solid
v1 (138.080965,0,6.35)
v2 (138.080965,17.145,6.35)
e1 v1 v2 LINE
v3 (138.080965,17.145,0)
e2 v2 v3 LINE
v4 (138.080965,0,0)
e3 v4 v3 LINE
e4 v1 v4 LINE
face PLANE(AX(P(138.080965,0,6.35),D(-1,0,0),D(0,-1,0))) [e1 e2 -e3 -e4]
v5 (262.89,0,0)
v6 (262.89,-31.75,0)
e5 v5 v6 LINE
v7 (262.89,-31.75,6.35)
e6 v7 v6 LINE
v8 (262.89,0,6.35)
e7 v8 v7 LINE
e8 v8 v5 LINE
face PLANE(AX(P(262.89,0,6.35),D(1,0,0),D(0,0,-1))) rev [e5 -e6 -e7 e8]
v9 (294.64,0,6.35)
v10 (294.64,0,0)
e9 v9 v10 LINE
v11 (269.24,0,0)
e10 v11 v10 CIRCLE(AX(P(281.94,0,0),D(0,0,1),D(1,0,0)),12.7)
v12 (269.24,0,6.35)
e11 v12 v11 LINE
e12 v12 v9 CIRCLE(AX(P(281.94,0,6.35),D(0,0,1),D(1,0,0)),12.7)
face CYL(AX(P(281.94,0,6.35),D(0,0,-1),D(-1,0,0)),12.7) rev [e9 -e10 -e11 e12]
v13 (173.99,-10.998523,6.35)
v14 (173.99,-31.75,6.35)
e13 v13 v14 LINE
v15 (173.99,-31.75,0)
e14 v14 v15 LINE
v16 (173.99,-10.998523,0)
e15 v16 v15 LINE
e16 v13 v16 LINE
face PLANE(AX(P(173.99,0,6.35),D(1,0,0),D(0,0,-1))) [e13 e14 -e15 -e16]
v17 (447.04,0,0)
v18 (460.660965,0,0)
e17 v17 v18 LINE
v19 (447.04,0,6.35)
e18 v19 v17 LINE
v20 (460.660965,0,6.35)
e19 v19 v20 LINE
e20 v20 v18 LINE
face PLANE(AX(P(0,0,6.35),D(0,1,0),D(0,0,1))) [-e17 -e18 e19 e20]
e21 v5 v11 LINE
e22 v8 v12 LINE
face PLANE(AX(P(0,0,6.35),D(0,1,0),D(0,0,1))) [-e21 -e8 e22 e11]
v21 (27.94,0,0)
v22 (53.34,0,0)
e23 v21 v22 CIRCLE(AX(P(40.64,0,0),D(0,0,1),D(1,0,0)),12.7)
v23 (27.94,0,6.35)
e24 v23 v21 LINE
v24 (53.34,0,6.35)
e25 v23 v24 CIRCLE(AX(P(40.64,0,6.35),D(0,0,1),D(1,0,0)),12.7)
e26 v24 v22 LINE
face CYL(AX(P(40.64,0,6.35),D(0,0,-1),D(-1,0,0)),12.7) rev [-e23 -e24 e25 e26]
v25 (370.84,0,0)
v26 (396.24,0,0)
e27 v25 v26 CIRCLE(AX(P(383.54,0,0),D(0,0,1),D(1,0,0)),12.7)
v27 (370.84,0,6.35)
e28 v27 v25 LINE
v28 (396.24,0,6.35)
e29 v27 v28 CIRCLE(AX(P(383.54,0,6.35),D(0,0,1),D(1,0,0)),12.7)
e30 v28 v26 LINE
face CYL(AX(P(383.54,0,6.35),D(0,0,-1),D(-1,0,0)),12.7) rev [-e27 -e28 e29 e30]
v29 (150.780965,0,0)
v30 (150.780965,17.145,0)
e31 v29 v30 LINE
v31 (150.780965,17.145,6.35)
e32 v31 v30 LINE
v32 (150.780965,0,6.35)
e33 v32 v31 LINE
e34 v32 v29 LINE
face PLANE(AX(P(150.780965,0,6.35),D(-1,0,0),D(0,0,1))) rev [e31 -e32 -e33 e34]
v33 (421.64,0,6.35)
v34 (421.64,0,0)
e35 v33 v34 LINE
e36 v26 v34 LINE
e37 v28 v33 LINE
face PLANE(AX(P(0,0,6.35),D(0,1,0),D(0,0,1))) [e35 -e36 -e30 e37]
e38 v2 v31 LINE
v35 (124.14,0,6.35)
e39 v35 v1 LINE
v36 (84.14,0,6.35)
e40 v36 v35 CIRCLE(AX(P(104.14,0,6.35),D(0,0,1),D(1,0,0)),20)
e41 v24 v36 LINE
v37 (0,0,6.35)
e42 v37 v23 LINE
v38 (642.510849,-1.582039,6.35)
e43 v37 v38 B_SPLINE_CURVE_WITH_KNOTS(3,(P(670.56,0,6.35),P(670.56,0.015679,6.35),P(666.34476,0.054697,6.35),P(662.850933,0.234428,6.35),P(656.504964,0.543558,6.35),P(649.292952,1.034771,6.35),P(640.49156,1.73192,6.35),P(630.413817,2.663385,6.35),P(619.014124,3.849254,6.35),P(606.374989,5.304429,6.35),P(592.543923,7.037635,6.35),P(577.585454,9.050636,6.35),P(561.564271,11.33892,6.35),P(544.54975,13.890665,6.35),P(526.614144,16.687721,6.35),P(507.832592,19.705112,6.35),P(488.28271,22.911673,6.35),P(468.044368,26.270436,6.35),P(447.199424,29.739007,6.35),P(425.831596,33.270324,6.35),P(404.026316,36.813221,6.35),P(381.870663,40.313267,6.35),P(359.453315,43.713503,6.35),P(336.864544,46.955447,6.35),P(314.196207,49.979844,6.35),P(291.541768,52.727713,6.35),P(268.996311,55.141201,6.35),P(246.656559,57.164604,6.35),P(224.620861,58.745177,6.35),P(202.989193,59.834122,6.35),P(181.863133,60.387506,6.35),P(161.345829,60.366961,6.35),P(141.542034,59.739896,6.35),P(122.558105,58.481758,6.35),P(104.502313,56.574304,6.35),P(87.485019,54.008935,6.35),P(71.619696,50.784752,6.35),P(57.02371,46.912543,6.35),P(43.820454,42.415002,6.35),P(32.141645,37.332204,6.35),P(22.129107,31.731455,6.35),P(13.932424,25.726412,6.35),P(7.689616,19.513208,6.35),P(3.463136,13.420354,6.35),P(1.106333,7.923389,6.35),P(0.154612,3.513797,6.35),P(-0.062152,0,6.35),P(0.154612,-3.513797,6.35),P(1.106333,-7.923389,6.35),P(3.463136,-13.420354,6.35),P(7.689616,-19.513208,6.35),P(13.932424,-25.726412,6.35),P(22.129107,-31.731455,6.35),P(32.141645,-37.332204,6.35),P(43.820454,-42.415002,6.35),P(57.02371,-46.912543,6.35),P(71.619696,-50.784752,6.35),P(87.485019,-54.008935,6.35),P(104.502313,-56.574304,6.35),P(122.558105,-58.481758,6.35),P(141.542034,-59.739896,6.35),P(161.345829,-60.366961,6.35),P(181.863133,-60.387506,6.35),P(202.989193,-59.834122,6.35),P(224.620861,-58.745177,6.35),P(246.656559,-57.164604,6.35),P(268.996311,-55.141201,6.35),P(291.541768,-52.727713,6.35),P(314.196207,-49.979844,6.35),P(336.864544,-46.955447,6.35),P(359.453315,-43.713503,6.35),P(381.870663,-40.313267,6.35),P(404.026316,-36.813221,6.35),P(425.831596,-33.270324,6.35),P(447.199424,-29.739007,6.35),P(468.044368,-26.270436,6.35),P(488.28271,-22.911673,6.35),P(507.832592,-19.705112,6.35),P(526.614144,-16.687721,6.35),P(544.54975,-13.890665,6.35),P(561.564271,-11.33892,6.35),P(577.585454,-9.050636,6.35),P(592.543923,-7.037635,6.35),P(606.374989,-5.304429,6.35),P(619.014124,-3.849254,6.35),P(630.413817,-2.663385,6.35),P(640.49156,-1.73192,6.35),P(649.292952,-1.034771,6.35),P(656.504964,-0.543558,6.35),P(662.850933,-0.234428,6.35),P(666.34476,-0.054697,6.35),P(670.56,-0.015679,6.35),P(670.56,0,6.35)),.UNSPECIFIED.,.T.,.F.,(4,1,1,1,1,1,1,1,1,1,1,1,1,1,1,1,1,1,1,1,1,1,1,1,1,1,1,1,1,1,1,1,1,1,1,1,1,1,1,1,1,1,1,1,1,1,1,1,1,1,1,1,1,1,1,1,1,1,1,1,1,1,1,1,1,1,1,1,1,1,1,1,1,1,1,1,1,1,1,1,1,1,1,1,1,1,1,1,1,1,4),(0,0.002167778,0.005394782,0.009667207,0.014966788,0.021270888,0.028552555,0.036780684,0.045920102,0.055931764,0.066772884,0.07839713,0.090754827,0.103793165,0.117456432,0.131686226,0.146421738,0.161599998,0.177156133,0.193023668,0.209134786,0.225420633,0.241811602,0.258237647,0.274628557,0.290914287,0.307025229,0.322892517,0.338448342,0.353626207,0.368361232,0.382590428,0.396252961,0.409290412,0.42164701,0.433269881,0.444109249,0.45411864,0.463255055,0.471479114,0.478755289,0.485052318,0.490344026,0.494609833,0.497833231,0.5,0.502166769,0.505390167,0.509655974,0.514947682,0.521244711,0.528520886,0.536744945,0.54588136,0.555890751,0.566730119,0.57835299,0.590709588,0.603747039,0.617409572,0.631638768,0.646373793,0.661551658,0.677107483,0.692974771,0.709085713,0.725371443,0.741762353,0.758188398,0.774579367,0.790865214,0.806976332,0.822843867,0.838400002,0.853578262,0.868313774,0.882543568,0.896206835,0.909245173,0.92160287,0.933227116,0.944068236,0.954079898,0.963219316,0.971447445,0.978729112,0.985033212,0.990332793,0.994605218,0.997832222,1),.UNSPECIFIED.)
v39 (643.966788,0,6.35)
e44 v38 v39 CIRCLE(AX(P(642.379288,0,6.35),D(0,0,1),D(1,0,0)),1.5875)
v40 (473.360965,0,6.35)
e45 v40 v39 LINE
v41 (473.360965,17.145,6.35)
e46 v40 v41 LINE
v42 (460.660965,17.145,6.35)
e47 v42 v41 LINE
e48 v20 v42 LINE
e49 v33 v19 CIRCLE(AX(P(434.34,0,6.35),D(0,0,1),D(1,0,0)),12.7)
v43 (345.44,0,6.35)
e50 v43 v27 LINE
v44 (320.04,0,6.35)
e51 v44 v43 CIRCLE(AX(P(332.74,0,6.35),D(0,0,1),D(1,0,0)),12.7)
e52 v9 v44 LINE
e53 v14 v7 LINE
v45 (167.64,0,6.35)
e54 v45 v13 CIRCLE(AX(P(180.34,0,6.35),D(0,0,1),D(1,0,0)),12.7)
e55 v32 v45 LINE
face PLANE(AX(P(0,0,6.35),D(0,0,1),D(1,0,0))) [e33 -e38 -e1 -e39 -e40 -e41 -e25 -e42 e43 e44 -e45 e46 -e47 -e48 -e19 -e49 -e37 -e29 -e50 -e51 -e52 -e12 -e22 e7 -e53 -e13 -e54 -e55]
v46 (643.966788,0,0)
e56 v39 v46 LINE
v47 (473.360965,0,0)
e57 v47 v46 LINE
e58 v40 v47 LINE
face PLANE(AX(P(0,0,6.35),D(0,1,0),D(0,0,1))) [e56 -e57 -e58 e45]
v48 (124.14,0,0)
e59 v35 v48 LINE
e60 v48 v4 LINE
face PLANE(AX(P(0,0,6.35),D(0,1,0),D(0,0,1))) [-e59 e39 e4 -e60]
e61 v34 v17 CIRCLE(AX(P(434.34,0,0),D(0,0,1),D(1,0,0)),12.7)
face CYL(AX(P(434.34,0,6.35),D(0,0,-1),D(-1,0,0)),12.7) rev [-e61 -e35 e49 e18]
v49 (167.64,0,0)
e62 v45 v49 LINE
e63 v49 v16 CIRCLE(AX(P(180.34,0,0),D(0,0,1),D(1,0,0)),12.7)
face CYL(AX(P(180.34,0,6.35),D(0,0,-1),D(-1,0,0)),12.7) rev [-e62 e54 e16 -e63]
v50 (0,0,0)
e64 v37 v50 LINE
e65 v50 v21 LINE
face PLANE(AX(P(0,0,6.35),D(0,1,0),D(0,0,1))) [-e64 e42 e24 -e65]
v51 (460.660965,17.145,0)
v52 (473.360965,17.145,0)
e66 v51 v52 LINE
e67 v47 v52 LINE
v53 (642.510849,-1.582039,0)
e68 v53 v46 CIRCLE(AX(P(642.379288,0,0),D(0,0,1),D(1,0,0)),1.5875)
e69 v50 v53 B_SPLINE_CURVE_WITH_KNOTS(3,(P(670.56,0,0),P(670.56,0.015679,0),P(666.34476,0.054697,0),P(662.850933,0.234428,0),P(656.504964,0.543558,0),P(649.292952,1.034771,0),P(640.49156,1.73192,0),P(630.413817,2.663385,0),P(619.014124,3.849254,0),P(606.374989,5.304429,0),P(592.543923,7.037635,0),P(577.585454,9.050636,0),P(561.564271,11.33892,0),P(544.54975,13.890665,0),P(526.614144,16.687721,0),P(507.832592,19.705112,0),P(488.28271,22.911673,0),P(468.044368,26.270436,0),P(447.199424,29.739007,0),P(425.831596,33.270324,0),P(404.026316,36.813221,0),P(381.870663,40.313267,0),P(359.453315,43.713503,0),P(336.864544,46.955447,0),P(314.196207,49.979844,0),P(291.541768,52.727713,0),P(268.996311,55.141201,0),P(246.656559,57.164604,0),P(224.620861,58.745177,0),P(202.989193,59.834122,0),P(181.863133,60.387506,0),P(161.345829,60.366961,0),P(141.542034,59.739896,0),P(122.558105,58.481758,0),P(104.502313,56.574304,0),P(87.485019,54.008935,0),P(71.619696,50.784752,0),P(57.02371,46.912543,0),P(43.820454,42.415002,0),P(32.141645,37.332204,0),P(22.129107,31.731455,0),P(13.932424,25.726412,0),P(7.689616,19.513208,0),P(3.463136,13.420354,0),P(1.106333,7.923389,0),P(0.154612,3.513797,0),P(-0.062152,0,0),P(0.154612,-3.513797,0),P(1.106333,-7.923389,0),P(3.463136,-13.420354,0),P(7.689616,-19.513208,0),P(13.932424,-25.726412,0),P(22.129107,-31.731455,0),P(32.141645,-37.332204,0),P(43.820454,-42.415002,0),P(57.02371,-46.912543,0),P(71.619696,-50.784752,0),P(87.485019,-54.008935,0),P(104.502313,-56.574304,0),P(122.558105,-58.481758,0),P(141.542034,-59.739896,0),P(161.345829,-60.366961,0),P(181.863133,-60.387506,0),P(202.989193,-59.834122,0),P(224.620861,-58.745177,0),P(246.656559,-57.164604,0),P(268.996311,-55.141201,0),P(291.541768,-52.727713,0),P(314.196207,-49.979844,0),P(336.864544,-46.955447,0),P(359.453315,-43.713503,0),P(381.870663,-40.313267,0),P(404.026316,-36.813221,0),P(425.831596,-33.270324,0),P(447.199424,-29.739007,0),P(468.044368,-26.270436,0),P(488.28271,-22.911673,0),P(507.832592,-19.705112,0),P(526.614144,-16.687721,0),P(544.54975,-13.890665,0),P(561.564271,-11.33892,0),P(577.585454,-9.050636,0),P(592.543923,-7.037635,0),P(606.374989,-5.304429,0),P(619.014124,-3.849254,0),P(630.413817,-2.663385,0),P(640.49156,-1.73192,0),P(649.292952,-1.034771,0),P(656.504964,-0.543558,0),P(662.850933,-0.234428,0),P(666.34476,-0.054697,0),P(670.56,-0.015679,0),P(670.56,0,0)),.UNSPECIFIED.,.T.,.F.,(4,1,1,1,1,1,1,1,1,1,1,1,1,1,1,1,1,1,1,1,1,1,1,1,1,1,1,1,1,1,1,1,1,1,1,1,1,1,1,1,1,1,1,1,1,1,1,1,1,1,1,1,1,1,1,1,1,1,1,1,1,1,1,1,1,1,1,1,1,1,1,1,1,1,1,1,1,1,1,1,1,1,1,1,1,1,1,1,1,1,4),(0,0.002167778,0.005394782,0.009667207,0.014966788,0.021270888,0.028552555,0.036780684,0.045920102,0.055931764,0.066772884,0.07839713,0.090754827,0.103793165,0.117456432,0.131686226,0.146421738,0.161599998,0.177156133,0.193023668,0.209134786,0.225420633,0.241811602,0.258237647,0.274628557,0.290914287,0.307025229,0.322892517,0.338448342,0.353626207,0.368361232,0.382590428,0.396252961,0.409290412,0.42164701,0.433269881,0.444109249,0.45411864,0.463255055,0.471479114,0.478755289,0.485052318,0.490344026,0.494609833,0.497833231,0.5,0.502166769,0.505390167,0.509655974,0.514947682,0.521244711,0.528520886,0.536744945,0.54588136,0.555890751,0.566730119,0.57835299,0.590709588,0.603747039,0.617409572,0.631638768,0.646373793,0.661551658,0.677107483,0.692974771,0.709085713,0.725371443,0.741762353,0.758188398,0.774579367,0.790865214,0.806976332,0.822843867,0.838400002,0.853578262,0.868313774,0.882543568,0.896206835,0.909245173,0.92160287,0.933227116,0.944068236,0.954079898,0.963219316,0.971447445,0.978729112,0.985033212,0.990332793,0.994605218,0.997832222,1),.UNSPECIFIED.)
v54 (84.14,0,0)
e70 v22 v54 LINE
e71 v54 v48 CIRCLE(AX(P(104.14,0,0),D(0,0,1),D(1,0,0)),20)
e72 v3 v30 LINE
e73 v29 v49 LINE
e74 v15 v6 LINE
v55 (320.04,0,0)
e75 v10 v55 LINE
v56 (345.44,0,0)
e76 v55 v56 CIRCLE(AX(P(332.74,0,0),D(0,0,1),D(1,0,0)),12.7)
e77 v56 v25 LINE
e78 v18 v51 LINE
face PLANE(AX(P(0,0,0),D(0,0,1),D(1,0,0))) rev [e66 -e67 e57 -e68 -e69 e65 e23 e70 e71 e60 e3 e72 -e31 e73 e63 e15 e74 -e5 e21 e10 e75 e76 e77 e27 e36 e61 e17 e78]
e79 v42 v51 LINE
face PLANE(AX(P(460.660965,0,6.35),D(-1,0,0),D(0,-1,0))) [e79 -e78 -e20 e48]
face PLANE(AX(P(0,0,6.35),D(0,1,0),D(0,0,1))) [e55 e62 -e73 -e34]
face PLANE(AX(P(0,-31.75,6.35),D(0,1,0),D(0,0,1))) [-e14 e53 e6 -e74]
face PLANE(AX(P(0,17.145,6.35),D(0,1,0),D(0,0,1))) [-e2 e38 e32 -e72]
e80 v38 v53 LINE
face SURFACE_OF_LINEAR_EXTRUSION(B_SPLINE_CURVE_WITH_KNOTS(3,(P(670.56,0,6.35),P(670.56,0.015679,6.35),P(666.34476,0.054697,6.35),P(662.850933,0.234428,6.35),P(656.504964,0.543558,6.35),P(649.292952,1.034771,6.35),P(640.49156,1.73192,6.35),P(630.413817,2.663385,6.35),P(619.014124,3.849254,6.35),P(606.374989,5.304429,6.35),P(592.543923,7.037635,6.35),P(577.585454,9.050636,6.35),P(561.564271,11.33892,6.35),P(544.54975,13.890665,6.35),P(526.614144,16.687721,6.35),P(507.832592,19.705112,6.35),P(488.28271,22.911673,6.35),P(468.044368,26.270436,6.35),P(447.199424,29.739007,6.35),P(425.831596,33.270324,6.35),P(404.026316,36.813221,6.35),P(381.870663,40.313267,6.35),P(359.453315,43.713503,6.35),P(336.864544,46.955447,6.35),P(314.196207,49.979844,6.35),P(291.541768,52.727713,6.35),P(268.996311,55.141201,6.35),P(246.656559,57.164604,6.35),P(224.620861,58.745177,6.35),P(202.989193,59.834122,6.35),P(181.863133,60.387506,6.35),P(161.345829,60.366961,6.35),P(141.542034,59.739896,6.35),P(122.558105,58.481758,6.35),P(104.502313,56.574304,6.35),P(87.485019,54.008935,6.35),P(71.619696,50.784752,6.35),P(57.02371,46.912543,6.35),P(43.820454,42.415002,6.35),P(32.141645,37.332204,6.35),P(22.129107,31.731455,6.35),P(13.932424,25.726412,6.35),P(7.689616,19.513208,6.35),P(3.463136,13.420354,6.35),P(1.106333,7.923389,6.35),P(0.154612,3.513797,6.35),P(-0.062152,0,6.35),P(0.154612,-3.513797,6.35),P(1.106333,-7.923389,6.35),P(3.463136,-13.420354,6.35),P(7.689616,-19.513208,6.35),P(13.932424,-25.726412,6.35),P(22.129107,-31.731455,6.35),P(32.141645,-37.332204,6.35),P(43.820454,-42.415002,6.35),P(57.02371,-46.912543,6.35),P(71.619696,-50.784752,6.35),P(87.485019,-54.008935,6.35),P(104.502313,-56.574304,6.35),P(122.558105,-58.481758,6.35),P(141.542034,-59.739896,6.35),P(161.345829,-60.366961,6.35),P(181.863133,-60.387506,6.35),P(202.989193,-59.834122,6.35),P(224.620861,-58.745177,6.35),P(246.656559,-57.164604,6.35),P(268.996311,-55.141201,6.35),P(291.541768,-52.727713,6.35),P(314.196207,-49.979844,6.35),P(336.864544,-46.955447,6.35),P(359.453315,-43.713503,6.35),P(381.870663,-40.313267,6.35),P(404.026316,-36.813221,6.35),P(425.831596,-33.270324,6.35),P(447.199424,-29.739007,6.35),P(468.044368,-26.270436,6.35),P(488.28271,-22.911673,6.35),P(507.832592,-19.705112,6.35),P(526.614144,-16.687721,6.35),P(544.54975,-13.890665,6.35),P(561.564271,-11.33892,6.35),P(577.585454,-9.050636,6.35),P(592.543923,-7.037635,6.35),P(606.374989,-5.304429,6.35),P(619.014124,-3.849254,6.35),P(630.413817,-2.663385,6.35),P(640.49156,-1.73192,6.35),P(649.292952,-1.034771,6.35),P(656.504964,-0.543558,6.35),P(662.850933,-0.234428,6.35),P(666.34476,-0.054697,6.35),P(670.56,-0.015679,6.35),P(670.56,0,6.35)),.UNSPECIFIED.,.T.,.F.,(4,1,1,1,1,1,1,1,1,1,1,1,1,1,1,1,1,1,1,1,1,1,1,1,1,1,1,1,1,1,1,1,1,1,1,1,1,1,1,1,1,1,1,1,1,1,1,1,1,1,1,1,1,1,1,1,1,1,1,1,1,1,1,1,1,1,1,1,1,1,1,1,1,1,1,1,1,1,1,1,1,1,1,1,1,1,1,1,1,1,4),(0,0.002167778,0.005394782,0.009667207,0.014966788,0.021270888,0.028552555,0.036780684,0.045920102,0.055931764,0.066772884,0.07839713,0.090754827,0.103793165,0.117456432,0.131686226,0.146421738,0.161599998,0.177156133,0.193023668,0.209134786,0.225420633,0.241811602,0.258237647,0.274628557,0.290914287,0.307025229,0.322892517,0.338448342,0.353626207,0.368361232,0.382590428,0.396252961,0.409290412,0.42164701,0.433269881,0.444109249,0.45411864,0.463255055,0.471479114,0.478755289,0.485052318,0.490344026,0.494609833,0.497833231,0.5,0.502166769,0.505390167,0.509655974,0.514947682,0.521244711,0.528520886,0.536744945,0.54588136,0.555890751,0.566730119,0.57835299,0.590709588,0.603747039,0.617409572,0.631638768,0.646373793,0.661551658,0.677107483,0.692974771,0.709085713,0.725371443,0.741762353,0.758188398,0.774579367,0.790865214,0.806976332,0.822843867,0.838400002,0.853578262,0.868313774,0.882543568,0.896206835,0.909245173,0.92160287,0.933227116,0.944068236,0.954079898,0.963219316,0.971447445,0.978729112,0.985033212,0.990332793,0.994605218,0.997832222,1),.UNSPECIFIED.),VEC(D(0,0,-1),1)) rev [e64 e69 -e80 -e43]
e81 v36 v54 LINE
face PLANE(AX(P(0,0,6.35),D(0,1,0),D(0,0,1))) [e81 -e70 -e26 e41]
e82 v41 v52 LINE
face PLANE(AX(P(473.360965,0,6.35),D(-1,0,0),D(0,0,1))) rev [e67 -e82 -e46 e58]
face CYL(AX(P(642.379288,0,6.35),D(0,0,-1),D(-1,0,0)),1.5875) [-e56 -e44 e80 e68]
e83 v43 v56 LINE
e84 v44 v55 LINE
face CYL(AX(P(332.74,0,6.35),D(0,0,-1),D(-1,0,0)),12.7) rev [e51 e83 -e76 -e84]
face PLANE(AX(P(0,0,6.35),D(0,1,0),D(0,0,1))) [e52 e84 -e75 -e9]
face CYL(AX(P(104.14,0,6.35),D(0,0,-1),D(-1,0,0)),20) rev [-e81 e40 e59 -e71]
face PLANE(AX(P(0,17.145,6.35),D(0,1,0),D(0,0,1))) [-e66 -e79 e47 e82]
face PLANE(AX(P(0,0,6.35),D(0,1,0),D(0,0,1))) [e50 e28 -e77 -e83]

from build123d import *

# Parameters (mm, degrees)
BOSS_EXTRUDE1_DEPTH = 6.35


with BuildPart() as part:
    # Sketch2 → Boss-Extrude1 (new body)
    with BuildSketch(Plane.XY):
        with BuildLine():
            Line((138.080965279, 0), (124.14, 0))
            ThreePointArc((124.14, 0), (104.14, -20), (84.14, 0))
            Line((84.14, 0), (53.34, 0))
            ThreePointArc((53.34, 0), (40.64, -12.7), (27.94, 0))
            Line((27.94, 0), (0, 0))
            add(Edge.make_bspline(
                [(0, 0), (0, -1.007496172), (0.154611582, -3.513796615), (1.106333228, -7.923389435), (3.463136343, -13.420354421), (7.689616489, -19.513207632), (13.932423524, -25.726412106), (22.129107375, -31.731455339), (32.141645239, -37.332204029), (43.82045433, -42.41500246), (57.023709725, -46.912543066), (71.619696083, -50.784752003), (87.485018636, -54.008935199), (104.502313427, -56.574303932), (122.558104573, -58.481758104), (141.542033828, -59.739895824), (161.345829027, -60.366961324), (181.863132616, -60.387506142), (202.989192599, -59.8341217), (224.620860897, -58.745176641), (246.65655865, -57.164603829), (268.996310773, -55.141201012), (291.541767704, -52.727712704), (314.196207315, -49.979843895), (336.86454415, -46.955447457), (359.453314895, -43.713502532), (381.870662856, -40.313266856), (404.02631566, -36.813220545), (425.831595832, -33.270324121), (447.199424328, -29.739007432), (468.044367735, -26.27043606), (488.282710288, -22.911672601), (507.832591566, -19.705111663), (526.614143658, -16.687720753), (544.549749946, -13.890665375), (561.564270734, -11.338919625), (577.585454095, -9.050636147), (592.543922516, -7.037634907), (606.374988512, -5.304428983), (619.014124193, -3.849253664), (630.413817462, -2.663385493), (638.093728429, -1.953546407), (641.993392355, -1.625070631), (642.510849283, -1.582039112)],
                knots=[0.5, 0.5, 0.5, 0.5, 0.502166769, 0.505390167, 0.509655974, 0.514947682, 0.521244711, 0.528520886, 0.536744945, 0.54588136, 0.555890751, 0.566730119, 0.57835299, 0.590709588, 0.603747039, 0.617409572, 0.631638768, 0.646373793, 0.661551658, 0.677107483, 0.692974771, 0.709085713, 0.725371443, 0.741762353, 0.758188398, 0.774579367, 0.790865214, 0.806976332, 0.822843867, 0.838400002, 0.853578262, 0.868313774, 0.882543568, 0.896206835, 0.909245173, 0.92160287, 0.933227116, 0.944068236, 0.954079898, 0.963219316, 0.971447445, 0.978729112, 0.979842958, 0.979842958, 0.979842958, 0.979842958], degree=3))
            ThreePointArc((642.510849283, -1.582039112), (643.547407924, -1.075012082), (643.966787522, 0))
            Line((643.966787522, 0), (473.360965279, 0))
            Line((473.360965279, 0), (473.360965279, 17.145))
            Line((473.360965279, 17.145), (460.660965279, 17.145))
            Line((460.660965279, 17.145), (460.660965279, 0))
            Line((460.660965279, 0), (447.04, 0))
            ThreePointArc((447.04, 0), (434.34, -12.7), (421.64, 0))
            Line((421.64, 0), (396.24, 0))
            ThreePointArc((396.24, 0), (383.54, -12.7), (370.84, 0))
            Line((370.84, 0), (345.44, 0))
            ThreePointArc((345.44, 0), (332.74, -12.7), (320.04, 0))
            Line((320.04, 0), (294.64, 0))
            ThreePointArc((294.64, 0), (281.94, -12.7), (269.24, 0))
            Line((269.24, 0), (262.89, 0))
            Line((262.89, 0), (262.89, -31.75))
            Line((262.89, -31.75), (173.99, -31.75))
            Line((173.99, -31.75), (173.99, -10.998522628))
            ThreePointArc((173.99, -10.998522628), (169.341477372, -6.35), (167.64, 0))
            Line((167.64, 0), (150.780965279, 0))
            Line((150.780965279, 0), (150.780965279, 17.145))
            Line((150.780965279, 17.145), (138.080965279, 17.145))
            Line((138.080965279, 17.145), (138.080965279, 0))
        make_face()
    extrude(amount=BOSS_EXTRUDE1_DEPTH)


solid = part.part
